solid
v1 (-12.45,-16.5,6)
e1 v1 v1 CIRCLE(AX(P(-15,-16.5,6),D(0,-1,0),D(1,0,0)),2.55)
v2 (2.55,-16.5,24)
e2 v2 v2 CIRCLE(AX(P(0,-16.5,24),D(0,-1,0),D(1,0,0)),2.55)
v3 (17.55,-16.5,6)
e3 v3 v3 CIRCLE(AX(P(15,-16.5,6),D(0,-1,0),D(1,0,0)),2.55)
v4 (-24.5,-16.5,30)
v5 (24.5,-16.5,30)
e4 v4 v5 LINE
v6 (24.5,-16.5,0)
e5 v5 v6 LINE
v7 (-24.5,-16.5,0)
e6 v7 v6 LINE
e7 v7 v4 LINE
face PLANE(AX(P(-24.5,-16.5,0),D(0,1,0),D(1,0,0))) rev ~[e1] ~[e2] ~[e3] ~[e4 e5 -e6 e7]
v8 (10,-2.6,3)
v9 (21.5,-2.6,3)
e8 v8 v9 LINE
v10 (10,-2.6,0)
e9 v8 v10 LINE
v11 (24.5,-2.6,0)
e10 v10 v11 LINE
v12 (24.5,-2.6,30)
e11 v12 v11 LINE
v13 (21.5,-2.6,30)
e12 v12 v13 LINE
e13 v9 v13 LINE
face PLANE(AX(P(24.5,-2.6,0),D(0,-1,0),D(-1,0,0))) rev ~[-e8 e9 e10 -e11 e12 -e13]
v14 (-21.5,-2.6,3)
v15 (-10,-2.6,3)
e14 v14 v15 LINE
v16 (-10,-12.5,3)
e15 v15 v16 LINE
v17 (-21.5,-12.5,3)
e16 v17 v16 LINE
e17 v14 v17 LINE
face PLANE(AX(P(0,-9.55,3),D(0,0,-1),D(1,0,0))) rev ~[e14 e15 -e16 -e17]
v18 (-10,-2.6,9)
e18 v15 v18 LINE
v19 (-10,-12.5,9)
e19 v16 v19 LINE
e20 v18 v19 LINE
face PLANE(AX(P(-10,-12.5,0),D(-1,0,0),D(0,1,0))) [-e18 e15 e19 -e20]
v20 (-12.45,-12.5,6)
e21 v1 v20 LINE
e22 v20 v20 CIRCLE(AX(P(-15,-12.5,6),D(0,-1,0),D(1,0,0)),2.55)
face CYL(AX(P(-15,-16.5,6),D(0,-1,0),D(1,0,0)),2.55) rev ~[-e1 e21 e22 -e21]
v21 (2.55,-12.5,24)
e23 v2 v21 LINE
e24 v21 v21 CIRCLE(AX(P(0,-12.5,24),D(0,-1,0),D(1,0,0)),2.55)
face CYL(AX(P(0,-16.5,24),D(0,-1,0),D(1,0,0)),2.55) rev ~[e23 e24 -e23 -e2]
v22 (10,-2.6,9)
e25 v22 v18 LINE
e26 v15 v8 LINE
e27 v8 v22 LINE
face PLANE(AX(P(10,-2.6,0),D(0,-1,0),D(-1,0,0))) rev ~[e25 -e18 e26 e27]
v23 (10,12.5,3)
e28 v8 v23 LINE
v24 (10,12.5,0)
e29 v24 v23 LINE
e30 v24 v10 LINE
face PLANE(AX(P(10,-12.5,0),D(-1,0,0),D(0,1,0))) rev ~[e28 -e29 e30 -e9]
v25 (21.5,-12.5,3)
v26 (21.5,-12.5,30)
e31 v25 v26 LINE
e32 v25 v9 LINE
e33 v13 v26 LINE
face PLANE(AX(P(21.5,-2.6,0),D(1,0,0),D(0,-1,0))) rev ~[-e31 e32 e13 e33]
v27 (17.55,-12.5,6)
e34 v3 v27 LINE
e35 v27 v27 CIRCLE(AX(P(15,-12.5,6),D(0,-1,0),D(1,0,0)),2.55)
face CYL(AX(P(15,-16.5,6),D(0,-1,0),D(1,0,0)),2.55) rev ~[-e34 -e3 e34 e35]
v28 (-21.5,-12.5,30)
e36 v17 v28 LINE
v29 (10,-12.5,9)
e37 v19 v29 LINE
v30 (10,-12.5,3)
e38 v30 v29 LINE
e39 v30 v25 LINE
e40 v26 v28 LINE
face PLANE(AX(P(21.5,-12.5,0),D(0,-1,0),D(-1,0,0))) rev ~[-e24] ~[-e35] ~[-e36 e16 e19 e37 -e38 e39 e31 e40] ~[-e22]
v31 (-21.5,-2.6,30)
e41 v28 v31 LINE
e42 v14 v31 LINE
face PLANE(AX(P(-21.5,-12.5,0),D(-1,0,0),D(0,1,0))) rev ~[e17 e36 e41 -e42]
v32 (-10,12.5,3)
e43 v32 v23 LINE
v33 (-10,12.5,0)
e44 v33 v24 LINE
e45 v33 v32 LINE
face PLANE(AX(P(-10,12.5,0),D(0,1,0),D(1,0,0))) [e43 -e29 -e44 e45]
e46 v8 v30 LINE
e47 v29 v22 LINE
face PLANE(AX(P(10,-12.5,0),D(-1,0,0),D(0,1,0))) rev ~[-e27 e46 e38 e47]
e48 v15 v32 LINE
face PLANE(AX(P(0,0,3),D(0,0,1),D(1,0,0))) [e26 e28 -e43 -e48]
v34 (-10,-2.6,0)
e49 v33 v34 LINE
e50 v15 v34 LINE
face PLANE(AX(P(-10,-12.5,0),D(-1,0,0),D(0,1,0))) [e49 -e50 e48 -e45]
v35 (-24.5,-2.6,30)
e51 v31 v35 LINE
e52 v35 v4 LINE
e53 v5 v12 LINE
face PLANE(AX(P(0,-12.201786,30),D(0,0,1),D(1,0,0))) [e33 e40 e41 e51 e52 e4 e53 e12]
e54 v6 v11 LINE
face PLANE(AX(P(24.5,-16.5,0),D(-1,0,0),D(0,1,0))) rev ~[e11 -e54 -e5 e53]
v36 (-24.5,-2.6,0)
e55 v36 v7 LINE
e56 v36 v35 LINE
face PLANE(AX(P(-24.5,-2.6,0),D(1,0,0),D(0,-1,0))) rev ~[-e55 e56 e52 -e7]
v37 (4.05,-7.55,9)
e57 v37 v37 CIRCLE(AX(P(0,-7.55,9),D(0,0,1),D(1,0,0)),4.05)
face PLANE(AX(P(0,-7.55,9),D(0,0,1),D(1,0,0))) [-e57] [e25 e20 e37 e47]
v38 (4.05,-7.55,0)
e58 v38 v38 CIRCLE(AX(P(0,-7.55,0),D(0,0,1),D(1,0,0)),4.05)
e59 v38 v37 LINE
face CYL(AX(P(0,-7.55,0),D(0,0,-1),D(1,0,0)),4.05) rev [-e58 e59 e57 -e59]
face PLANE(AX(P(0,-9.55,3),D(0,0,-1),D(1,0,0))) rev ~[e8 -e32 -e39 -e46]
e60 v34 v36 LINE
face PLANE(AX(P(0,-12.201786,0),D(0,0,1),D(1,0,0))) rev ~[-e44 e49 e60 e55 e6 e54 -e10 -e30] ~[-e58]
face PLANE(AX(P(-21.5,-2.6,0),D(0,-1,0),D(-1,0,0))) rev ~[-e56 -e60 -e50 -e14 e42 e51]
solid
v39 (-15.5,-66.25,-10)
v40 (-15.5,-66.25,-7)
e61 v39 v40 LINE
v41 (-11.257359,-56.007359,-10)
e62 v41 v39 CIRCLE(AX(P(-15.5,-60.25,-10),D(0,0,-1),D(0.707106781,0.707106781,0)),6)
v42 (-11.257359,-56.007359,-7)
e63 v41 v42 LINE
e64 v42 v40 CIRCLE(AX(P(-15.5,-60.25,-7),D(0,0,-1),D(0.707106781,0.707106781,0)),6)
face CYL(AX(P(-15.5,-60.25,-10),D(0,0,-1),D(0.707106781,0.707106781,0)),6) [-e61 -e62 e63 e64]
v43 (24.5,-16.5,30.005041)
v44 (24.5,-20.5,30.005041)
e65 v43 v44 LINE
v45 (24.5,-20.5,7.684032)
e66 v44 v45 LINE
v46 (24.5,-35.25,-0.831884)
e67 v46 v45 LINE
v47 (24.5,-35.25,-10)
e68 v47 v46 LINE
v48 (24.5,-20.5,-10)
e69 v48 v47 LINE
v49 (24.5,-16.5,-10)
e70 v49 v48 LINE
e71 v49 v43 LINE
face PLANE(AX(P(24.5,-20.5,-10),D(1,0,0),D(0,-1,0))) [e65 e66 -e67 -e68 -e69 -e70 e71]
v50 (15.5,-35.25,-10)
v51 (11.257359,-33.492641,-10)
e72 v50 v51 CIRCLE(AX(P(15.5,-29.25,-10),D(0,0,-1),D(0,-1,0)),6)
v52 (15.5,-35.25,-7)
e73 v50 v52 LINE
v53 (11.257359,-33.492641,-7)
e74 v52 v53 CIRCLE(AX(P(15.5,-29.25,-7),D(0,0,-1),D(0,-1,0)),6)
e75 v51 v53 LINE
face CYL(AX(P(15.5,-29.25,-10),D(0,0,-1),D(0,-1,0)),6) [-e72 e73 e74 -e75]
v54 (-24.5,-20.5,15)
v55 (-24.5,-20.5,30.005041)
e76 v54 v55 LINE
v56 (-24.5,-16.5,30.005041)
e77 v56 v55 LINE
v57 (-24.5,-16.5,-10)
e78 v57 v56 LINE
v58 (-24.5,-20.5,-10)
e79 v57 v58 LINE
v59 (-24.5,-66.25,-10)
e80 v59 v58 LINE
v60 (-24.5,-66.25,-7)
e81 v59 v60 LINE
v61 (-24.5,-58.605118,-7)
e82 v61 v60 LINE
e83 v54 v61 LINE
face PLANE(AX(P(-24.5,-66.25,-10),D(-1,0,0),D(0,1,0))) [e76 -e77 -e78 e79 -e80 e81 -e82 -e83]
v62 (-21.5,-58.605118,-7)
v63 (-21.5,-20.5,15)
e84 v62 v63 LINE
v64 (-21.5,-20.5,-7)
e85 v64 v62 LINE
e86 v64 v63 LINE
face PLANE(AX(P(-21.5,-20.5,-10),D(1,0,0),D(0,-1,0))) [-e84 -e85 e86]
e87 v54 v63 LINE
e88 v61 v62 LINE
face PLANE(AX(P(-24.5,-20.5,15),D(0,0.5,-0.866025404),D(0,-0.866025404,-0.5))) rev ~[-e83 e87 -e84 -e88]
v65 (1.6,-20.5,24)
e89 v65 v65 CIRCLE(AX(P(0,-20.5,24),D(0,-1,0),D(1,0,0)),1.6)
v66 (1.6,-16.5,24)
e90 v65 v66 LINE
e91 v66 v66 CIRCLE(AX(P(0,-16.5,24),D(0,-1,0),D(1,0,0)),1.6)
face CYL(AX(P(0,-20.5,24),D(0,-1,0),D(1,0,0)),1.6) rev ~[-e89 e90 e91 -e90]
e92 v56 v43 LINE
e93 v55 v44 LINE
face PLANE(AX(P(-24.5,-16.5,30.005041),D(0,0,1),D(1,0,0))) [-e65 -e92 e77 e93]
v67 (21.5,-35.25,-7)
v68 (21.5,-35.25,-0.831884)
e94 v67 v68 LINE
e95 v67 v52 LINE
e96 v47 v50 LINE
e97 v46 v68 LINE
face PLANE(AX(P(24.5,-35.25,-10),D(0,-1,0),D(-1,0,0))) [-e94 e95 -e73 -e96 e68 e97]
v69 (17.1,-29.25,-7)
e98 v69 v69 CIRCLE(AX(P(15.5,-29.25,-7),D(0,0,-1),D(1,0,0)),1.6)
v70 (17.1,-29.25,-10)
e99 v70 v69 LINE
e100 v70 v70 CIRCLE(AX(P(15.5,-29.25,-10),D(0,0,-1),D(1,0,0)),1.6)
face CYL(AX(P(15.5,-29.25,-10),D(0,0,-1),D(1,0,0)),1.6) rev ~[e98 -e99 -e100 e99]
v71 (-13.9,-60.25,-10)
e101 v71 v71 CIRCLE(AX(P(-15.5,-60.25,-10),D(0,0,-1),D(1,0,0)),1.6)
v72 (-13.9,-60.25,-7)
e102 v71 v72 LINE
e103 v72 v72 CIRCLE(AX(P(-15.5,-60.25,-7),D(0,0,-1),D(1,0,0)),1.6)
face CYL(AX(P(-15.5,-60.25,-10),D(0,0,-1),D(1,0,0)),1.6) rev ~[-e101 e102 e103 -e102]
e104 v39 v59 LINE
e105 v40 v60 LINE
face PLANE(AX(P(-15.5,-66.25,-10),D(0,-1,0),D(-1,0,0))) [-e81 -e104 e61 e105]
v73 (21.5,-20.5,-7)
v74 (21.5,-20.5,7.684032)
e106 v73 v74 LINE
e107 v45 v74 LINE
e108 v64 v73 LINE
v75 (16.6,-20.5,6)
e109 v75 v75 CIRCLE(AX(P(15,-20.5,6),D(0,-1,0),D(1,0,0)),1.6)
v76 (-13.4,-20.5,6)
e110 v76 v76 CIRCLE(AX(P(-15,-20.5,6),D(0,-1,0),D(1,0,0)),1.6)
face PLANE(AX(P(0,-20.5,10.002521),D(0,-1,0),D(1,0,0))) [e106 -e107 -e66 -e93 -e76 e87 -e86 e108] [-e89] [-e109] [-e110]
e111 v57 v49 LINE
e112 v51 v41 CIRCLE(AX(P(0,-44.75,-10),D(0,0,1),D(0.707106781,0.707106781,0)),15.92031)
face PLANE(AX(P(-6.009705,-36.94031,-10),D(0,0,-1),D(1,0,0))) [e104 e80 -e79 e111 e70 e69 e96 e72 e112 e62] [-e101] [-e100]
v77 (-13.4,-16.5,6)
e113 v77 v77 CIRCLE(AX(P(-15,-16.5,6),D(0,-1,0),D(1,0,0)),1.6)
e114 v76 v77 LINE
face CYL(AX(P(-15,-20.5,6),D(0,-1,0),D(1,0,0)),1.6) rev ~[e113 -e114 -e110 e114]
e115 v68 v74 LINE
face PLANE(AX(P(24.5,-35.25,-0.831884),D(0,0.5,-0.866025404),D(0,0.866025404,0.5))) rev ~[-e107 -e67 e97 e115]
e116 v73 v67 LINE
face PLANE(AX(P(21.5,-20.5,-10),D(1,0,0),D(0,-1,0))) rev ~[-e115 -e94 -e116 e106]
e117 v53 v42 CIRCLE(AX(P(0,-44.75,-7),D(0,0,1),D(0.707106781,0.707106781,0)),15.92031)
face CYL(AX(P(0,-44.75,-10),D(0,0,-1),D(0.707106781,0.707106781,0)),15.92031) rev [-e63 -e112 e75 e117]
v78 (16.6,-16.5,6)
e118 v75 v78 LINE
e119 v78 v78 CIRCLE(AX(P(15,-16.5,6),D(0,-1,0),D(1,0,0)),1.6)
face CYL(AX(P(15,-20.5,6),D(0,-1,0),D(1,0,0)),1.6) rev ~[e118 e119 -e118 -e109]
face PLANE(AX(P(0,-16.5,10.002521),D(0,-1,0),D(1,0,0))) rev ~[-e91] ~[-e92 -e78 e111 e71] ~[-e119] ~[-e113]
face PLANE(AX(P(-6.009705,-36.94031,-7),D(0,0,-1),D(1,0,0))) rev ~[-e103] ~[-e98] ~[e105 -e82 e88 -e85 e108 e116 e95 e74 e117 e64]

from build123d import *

# Parameters (mm, degrees)
F0_W      = 20
F0_H      = 25
F1_DEPTH  = 3
F3_DEPTH  = 9
F5_DEPTH  = 30
F6_W      = 49
F6_H      = 13.9
F7_DEPTH  = 3
F8_R      = 4.05
F9_DEPTH  = 9
F10_R     = 2.55
F11_DEPTH = 25
F12_W     = 49
F12_H     = 40.0050412431
F13_DEPTH = 4
F14_R     = 1.6
F15_DEPTH = 33.001
F16_R     = 1.6
F17_DEPTH = 3
F18_W     = 3
F18_H     = 14.75
F18_H_2   = 45.75
F19_DEPTH = 25
F21_DEPTH = 3
F23_DEPTH = 25


with BuildPart() as f1:
    # F0 (on Top) → F1 (new body)
    with BuildSketch(Plane.XY):
        Rectangle(F0_W, F0_H)
    extrude(amount=F1_DEPTH)

    # F2 (on Top) → F3 (join)
    with BuildSketch(Plane.XY):
        Polygon((10, -2.6), (-10, -2.6), (-10, -6.8), (-10, -12.5), (10, -12.5), (10, -7.5), align=None)
    extrude(amount=F3_DEPTH)

    # F4 (on face) → F5 (join)
    with BuildSketch(Plane.XY):
        Polygon((-21.5, -2.6), (-24.5, -2.6), (-24.5, -16.5), (24.5, -16.5), (24.5, -2.6), (21.5, -2.6), (21.5, -12.5), (-21.5, -12.5), align=None)
    extrude(amount=F5_DEPTH)

    # F6 (on face) → F7 (join)
    with BuildSketch(Plane(origin=(0, 0, 0), x_dir=(1, 0, 0), z_dir=(0, 0, -1))):
        with Locations((0, 9.55)):
            Rectangle(F6_W, F6_H)
    extrude(amount=-F7_DEPTH)

    # F8 (on Top) → F9 (cut, through all)
    with BuildSketch(Plane.XY):
        with Locations((0, -7.55)):
            Circle(F8_R)
    extrude(amount=F9_DEPTH, mode=Mode.SUBTRACT)

    # F10 (on face) → F11 (cut)
    with BuildSketch(Plane.XZ.offset(16.5)):
        with Locations((15, 6)):
            Circle(F10_R)
        with Locations((-15, 6)):
            Circle(F10_R)
        with Locations((0, 24)):
            Circle(F10_R)
    extrude(amount=-F11_DEPTH, mode=Mode.SUBTRACT)


with BuildPart() as f13:
    # F12 (on face) → F13 (new body)
    with BuildSketch(Plane.XZ.offset(16.5)):
        with Locations((0, 10.0025206215)):
            Rectangle(F12_W, F12_H)
    extrude(amount=F13_DEPTH)

    # F14 (on face) → F15 (cut, through all)
    with BuildSketch(Plane.XZ.offset(20.5)):
        with Locations((-15, 6)):
            Circle(F14_R)
        with Locations((0, 24)):
            Circle(F14_R)
        with Locations((15, 6)):
            Circle(F14_R)
    extrude(amount=-F15_DEPTH, mode=Mode.SUBTRACT)

    # F16 (on face) → F17 (join)
    with BuildSketch(Plane(origin=(0, 0, -10), x_dir=(1, 0, 0), z_dir=(0, 0, -1))):
        with BuildLine():
            ThreePointArc((11.2573593129, 33.4926406871), (-11.2573593129, 33.4926406871), (-11.2573593129, 56.0073593129))
            ThreePointArc((-11.2573593129, 56.0073593129), (-9.9567228049, 62.5461005942), (-15.5, 66.25))
            Line((-15.5, 66.25), (-24.5, 66.25))
            Line((-24.5, 66.25), (-24.5, 20.5))
            Line((-24.5, 20.5), (24.5, 20.5))
            Line((24.5, 20.5), (24.5, 35.25))
            Line((24.5, 35.25), (15.5, 35.25))
            ThreePointArc((15.5, 35.25), (13.2038994058, 34.7932771951), (11.2573593129, 33.4926406871))
        make_face()
        with Locations((15.5, 29.25)):
            Circle(F16_R, mode=Mode.SUBTRACT)
        with Locations((-15.5, 60.25)):
            Circle(F16_R, mode=Mode.SUBTRACT)
    extrude(amount=-F17_DEPTH)

    # F18 (on face) → F19 (join)
    with BuildSketch(Plane(origin=(0, 0, -10), x_dir=(1, 0, 0), z_dir=(0, 0, -1))):
        with Locations((23, 27.875)):
            Rectangle(F18_W, F18_H)
        with Locations((-23, 43.375)):
            Rectangle(F18_W, F18_H_2)
    extrude(amount=-F19_DEPTH)

    # F20 (on face) → F21 (cut, through all)
    with BuildSketch(Plane.YZ.offset(24.5)):
        Polygon((-20.5, 15), (-35.25, 15), (-35.25, -0.8318844145), (-20.5, 7.6840320561), align=None)
    extrude(amount=-F21_DEPTH, mode=Mode.SUBTRACT)

    # F22 (on face) → F23 (cut)
    with BuildSketch(Plane(origin=(-24.5, 0, 0), x_dir=(0, -1, 0), z_dir=(-1, 0, 0))):
        Polygon((66.25, 15), (20.5, 15), (58.6051177665, -7), (66.25, -7), align=None)
    extrude(amount=-F23_DEPTH, mode=Mode.SUBTRACT)


solid = Compound([f1.part, f13.part])
